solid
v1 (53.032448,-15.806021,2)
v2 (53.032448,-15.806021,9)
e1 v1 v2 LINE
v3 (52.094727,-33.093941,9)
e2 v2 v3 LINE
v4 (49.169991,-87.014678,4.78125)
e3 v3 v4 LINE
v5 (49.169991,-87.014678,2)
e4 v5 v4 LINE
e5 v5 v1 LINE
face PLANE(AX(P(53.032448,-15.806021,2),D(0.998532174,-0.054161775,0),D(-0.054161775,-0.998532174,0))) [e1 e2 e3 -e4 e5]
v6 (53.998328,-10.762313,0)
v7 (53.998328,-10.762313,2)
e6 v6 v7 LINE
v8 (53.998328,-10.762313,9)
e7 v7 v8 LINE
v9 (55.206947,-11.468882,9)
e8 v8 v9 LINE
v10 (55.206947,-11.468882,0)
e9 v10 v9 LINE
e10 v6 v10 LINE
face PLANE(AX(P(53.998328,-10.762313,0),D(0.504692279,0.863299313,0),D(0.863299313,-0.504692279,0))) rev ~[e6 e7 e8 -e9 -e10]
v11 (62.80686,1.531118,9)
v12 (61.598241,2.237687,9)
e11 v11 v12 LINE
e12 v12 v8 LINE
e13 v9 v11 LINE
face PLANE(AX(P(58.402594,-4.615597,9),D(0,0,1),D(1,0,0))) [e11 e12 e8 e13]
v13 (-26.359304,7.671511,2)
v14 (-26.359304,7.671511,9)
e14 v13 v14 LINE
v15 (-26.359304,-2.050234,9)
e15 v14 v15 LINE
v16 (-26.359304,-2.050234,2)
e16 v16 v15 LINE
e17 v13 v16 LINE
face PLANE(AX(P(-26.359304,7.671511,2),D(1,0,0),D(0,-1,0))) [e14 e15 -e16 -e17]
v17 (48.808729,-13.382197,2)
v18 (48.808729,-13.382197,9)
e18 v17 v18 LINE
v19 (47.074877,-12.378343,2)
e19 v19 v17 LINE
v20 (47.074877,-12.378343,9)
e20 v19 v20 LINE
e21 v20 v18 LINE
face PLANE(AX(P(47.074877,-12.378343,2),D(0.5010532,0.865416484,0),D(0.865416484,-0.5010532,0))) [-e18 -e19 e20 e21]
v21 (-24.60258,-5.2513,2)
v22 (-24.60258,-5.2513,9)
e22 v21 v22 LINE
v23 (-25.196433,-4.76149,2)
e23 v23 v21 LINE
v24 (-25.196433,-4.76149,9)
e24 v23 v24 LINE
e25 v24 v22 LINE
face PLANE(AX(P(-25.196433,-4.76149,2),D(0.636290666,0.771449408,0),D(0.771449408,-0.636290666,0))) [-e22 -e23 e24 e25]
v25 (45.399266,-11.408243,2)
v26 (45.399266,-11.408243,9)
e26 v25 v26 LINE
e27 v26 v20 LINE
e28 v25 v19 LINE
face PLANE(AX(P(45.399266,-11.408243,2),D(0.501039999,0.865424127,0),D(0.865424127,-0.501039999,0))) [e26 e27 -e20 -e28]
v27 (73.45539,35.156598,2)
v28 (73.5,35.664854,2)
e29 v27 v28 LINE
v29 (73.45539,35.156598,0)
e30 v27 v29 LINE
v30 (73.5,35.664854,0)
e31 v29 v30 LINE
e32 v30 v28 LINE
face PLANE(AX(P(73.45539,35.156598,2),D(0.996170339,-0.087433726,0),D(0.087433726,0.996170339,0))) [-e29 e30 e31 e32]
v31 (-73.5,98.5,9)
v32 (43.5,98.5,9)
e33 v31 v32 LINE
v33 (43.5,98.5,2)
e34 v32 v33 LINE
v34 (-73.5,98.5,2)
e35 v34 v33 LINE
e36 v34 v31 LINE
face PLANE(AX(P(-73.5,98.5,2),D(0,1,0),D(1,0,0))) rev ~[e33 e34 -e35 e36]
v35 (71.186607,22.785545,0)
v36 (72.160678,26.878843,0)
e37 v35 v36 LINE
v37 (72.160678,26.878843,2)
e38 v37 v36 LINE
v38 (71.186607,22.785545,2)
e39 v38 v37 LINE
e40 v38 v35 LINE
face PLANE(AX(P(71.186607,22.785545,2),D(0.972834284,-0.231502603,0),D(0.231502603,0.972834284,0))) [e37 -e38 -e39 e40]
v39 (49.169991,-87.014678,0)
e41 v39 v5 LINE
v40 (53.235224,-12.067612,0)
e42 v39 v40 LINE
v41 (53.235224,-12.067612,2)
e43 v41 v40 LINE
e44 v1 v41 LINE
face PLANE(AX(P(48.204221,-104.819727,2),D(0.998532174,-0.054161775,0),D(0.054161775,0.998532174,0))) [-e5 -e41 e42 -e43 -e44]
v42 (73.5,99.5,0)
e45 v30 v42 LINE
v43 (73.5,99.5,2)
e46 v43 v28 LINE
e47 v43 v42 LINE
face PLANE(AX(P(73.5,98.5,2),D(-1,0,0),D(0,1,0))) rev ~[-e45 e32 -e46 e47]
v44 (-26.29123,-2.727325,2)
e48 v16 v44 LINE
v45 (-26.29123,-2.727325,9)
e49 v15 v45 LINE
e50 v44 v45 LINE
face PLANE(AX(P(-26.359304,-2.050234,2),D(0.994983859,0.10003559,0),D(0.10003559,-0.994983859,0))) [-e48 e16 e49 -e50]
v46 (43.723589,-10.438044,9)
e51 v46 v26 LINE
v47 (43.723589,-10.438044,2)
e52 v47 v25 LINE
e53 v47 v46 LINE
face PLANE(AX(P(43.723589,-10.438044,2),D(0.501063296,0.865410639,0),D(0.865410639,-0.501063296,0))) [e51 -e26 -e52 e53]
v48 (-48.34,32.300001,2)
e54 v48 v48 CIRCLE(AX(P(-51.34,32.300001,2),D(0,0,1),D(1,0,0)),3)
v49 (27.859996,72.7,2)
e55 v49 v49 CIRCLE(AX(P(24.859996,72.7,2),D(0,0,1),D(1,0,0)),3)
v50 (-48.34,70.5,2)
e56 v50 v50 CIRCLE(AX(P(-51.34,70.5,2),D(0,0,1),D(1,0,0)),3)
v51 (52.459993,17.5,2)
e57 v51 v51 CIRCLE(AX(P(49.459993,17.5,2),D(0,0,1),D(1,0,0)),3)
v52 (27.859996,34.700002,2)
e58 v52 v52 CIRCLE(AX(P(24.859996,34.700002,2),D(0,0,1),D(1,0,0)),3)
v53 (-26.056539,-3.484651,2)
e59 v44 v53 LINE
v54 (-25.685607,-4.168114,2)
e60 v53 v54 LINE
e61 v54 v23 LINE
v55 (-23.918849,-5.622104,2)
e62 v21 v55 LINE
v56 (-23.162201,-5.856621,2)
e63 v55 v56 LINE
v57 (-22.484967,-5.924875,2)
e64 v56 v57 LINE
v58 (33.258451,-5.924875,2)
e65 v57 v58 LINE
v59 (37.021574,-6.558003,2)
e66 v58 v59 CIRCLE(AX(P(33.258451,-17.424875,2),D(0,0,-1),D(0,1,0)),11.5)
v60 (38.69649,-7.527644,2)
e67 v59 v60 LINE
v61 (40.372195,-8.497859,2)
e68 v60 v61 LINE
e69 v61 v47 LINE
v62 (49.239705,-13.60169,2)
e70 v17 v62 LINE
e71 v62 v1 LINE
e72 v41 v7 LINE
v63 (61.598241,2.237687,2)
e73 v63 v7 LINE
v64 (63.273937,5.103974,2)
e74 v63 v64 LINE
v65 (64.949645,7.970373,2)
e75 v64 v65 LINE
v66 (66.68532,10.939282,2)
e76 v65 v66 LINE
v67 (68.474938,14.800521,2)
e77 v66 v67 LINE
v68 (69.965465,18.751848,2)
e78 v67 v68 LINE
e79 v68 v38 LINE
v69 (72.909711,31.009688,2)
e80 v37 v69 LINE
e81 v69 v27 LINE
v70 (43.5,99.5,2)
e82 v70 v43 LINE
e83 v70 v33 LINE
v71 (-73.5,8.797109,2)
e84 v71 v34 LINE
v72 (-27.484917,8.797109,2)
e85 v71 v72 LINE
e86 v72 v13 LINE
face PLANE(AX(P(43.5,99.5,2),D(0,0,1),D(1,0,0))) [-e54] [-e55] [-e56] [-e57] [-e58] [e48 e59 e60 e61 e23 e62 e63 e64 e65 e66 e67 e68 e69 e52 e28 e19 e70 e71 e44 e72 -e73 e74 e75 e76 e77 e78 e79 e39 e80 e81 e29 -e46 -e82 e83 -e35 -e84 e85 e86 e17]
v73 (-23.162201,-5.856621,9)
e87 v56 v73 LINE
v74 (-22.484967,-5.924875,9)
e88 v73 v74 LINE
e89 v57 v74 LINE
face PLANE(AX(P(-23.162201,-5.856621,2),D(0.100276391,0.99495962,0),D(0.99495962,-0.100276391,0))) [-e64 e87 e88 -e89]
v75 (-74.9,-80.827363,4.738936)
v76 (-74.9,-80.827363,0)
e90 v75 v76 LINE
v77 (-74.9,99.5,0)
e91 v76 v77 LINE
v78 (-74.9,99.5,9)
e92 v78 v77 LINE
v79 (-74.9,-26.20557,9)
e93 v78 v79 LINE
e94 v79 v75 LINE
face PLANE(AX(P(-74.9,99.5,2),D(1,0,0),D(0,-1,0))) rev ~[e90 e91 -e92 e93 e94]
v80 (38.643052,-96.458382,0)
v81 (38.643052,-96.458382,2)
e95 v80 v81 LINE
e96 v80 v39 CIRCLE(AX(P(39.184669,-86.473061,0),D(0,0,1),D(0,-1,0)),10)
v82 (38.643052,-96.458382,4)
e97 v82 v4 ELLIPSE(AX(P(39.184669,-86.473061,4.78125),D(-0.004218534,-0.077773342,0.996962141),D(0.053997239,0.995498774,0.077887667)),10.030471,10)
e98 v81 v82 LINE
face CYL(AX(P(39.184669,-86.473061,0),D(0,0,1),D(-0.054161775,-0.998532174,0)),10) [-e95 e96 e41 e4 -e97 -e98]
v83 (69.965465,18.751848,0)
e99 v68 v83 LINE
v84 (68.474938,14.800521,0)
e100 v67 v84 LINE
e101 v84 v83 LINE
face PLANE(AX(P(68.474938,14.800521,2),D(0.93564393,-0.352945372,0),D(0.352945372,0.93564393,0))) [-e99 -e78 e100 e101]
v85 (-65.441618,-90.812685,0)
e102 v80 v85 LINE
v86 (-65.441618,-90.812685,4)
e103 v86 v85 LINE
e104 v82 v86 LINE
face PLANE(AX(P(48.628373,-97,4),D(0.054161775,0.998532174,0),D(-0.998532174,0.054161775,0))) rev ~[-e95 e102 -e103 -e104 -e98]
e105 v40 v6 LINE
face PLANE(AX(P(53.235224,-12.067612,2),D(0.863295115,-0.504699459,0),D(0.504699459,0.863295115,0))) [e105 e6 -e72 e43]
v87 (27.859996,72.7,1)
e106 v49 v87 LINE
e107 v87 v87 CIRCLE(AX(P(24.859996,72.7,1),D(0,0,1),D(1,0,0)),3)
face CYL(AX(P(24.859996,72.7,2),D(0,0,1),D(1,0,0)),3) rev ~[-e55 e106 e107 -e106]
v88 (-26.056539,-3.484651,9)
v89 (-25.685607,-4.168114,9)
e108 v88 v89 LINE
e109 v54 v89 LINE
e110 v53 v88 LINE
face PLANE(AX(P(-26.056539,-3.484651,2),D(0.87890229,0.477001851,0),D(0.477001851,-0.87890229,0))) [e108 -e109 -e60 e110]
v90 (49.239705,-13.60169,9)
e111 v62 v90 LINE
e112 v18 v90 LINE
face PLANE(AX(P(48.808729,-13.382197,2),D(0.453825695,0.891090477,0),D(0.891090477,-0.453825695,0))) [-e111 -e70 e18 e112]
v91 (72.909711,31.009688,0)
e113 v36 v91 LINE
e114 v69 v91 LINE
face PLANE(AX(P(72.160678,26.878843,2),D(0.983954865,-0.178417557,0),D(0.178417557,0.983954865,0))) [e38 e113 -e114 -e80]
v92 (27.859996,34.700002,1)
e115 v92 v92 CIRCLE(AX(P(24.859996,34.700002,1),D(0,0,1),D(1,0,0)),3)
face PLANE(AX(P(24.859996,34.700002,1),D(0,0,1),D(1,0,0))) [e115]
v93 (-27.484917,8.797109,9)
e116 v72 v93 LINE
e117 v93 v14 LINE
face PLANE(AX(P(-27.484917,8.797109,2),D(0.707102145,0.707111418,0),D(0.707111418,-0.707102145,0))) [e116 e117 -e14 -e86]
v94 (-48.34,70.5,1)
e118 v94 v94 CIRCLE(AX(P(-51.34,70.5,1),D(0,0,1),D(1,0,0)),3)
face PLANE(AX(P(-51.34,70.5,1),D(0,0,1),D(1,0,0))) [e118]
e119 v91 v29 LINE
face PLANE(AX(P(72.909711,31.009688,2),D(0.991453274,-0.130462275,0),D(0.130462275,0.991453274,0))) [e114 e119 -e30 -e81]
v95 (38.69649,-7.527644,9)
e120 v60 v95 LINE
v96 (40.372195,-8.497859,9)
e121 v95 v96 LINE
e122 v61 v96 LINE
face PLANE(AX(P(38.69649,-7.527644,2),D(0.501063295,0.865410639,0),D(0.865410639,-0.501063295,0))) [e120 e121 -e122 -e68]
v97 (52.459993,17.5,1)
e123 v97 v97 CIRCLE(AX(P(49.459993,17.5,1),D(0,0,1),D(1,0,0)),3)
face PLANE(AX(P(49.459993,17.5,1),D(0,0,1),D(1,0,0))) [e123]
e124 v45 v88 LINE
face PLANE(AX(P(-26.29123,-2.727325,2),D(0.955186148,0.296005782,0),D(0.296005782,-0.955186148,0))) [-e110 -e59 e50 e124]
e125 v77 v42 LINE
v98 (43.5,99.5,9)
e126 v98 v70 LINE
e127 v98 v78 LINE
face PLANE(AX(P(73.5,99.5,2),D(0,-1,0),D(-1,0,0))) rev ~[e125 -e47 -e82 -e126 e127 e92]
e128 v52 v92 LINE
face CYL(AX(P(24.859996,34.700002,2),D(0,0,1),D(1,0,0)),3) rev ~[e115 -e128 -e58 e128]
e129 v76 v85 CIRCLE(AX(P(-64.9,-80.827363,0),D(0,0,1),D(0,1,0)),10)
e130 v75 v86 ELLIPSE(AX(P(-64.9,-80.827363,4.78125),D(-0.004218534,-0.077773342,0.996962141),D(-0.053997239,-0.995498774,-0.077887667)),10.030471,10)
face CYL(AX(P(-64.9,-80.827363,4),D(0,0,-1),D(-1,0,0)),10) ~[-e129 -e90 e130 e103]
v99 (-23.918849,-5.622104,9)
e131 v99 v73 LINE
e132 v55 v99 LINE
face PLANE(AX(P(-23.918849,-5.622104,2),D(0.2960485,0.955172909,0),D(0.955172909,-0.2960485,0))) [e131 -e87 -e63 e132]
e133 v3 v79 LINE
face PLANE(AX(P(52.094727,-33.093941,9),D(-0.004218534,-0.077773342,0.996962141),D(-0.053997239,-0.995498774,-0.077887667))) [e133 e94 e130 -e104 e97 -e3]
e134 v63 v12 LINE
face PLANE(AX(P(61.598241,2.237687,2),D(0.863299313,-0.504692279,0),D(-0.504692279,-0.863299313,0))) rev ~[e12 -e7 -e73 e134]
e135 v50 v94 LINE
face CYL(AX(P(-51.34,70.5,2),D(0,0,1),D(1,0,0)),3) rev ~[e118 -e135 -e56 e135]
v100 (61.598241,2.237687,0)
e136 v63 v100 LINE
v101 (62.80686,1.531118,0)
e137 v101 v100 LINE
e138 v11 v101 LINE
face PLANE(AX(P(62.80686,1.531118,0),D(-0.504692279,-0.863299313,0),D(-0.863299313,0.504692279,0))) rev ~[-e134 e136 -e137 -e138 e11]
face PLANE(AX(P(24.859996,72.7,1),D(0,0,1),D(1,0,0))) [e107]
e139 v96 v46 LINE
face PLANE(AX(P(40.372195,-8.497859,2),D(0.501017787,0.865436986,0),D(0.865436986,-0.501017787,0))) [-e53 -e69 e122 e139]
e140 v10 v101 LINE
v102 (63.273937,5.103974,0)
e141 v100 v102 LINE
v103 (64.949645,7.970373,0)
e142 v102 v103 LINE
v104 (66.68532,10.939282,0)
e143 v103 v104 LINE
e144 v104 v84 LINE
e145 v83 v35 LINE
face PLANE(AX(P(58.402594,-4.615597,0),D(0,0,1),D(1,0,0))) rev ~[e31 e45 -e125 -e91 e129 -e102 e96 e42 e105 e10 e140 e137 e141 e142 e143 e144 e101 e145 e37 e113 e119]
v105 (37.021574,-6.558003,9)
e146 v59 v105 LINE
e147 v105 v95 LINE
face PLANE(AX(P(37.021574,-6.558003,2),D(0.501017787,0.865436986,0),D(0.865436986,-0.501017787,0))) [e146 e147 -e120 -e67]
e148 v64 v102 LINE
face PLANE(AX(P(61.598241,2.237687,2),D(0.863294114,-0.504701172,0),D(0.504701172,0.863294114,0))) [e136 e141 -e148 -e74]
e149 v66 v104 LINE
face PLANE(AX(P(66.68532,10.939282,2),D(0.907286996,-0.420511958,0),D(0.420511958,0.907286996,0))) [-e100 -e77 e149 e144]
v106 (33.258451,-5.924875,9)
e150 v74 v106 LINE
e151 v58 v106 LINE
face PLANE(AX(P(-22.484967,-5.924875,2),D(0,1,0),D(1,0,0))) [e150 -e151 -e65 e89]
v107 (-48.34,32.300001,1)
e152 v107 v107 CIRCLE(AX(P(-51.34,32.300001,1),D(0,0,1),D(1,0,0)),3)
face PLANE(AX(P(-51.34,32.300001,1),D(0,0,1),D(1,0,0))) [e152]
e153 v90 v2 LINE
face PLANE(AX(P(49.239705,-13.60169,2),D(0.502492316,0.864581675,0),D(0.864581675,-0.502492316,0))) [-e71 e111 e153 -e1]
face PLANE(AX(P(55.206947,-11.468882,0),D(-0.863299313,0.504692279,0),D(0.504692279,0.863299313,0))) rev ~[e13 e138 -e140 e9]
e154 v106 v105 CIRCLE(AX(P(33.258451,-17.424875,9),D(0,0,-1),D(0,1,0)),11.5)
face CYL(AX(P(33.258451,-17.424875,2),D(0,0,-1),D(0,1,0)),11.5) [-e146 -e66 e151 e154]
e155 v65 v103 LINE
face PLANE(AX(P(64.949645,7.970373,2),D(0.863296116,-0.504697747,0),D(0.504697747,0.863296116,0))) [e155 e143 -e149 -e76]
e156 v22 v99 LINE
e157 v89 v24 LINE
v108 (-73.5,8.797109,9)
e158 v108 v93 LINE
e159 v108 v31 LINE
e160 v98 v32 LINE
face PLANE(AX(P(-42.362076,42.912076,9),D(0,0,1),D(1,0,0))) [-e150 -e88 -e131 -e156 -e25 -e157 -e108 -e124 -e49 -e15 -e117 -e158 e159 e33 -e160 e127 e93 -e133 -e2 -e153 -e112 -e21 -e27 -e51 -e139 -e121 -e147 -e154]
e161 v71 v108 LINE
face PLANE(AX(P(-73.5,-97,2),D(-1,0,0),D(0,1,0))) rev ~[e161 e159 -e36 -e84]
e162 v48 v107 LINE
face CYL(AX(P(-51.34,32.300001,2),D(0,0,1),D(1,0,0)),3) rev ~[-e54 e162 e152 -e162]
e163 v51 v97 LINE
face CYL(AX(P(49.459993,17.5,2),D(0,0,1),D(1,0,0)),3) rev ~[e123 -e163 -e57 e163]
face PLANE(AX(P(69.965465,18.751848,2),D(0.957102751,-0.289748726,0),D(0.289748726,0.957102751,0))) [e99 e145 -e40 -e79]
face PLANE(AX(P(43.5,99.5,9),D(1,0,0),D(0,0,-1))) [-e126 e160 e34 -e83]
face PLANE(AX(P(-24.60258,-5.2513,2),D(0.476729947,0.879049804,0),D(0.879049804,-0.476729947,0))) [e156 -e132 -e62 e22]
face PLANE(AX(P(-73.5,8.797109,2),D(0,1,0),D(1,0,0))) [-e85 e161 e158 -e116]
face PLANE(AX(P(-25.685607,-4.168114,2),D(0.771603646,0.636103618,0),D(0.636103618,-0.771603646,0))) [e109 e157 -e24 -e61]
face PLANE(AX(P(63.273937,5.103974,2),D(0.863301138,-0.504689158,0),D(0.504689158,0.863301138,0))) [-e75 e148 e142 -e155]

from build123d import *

# Parameters (mm, degrees)
SKETCH_1_W          = 147
SKETCH_1_H          = 194
EXTRUDE_1_DEPTH     = 2
CUT_EXTRUDE_1_DEPTH = 122.717911582
EXTRUDE_2_DEPTH     = 7
EXTRUDE_12_DEPTH    = 2
EXTRUDE_13_DEPTH    = 7
SKETCH_9_W          = 30
SKETCH_9_H          = 7
CUT_EXTRUDE_2_DEPTH = 8
CUT_EXTRUDE_3_DEPTH = 165.668883446
CUT_EXTRUDE_4_DEPTH = 125.640523105
FILLET_1_R          = 10
SKETCH_15_R         = 3
CUT_EXTRUDE_5_DEPTH = 1


with BuildPart() as part:
    # 草图1 → 凸台-拉伸1 (new body)
    with BuildSketch(Plane.XY):
        Rectangle(SKETCH_1_W, SKETCH_1_H)
    extrude(amount=EXTRUDE_1_DEPTH)

    # 草图3 → 切除-拉伸1 (cut, through all)
    with BuildSketch(Plane.XY.offset(2)):
        Polygon((53.23522436, -12.067612089), (54.895536272, -9.227626556), (56.571241133, -6.361232674), (59.922644339, -0.628613065), (61.598241137, 2.237687122), (63.273937257, 5.103974498), (64.949644621, 7.97037266), (66.685320016, 10.939281948), (68.474937854, 14.800520519), (69.965464928, 18.751847603), (71.186607188, 22.785544771), (72.160677785, 26.878843337), (72.909711272, 31.009687619), (73.455390422, 35.156598129), (73.81891313, 39.298369912), (74.02249192, 43.433108573), (74.02249192, 45), (75.723074591, 45), (75.723074591, -104.819726649), (48.204220565, -104.819726649), align=None)
    extrude(amount=-CUT_EXTRUDE_1_DEPTH, mode=Mode.SUBTRACT)

    # 草图4 → 凸台-拉伸2 (add)
    with BuildSketch(Plane.XY.offset(2)):
        with BuildLine():
            Line((-26.359304292, 7.671510526), (-26.359304292, -2.050234399))
            Line((-26.359304292, -2.050234399), (-26.291229671, -2.727324911))
            Line((-26.291229671, -2.727324911), (-26.056539241, -3.484651495))
            Line((-26.056539241, -3.484651495), (-25.685607127, -4.168114429))
            Line((-25.685607127, -4.168114429), (-25.196433295, -4.761489945))
            Line((-25.196433295, -4.761489945), (-24.602579713, -5.251299759))
            Line((-24.602579713, -5.251299759), (-23.918848604, -5.622103659))
            Line((-23.918848604, -5.622103659), (-23.16220103, -5.856620758))
            Line((-23.16220103, -5.856620758), (-22.484966559, -5.924875416))
            Line((-22.484966559, -5.924875416), (33.258451472, -5.924875416))
            ThreePointArc((33.258451472, -5.924875416), (35.166456954, -6.084261893), (37.021573693, -6.558003228))
            Line((37.021573693, -6.558003228), (38.696489946, -7.527643824))
            Line((38.696489946, -7.527643824), (40.372194808, -8.497858613))
            Line((40.372194808, -8.497858613), (43.723589271, -10.43804405))
            Line((43.723589271, -10.43804405), (45.399266369, -11.408242764))
            Line((45.399266369, -11.408242764), (47.074877038, -12.378342789))
            Line((47.074877038, -12.378342789), (48.808729273, -13.382197265))
            Line((48.808729273, -13.382197265), (49.23970493, -13.601689934))
            Line((49.23970493, -13.601689934), (53.032447862, -15.806020922))
            Line((53.032447862, -15.806020922), (48.628373423, -97))
            Line((48.628373423, -97), (-73.5, -97))
            Line((-73.5, -97), (-73.5, 8.797108615))
            Line((-73.5, 8.797108615), (-69.625285972, 8.797108615))
            Line((-69.625285972, 8.797108615), (-27.484917142, 8.797108615))
            Line((-27.484917142, 8.797108615), (-26.359304292, 7.671510526))
        make_face()
    extrude(amount=EXTRUDE_2_DEPTH)

    # 草图6 → 凸台-拉伸12 (add)
    with BuildSketch(Plane(origin=(0, 0, 0), x_dir=(-1, 0, 0), z_dir=(0, 0, -1))):
        Polygon((-61.598241137, 2.237687122), (-53.998328187, -10.762312878), (-55.206947225, -11.468882068), (-62.806860175, 1.531117932), align=None)
        Polygon((-73.5, 97), (73.5, 97), (73.5, -97), (74.9, -97), (74.9, 87), (74.9, 99.5), (-73.5, 99.5), align=None)
    extrude(amount=-EXTRUDE_12_DEPTH)

    # 草图7 → 凸台-拉伸13 (add)
    with BuildSketch(Plane.XY.offset(2)):
        Polygon((-74.9, 99.5), (-74.9, -97), (-73.5, -97), (-73.5, 98.5), (73.5, 98.5), (73.5, 99.5), align=None)
        Polygon((61.598241137, 2.237687122), (53.998328187, -10.762312878), (55.206947225, -11.468882068), (62.806860175, 1.531117932), align=None)
    extrude(amount=EXTRUDE_13_DEPTH)

    # 草图9 → 切除-拉伸2 (cut)
    with BuildSketch(Plane(origin=(0, 99.5, 0), x_dir=(1, 0, 0), z_dir=(0, 1, 0))):
        with Locations((58.5, -5.5)):
            Rectangle(SKETCH_9_W, SKETCH_9_H)
    extrude(amount=-CUT_EXTRUDE_2_DEPTH, mode=Mode.SUBTRACT)

    # 草图10 → 切除-拉伸3 (cut, through all)
    with BuildSketch(Plane(origin=(53.731702858, -2.914482352, 0), x_dir=(0, 0, -1), z_dir=(0.9985321738095838, -0.054161774962672445, 0))):
        Polygon((-9, -30.223821841), (-4, -94.223821841), (-4, -111.514790755), (-9, -111.514790755), (-9, -94.223821841), align=None)
    extrude(amount=-CUT_EXTRUDE_3_DEPTH, mode=Mode.SUBTRACT)

    # 草图11 → 切除-拉伸4 (cut, through all)
    with BuildSketch(Plane.XY.offset(4)):
        Polygon((-74.9, -90.299649087), (-74.9, -97), (48.628373423, -97), align=None)
    extrude(amount=-CUT_EXTRUDE_4_DEPTH, mode=Mode.SUBTRACT)

    # 圆角1
    fillet_1_edges = [part.edges().sort_by_distance(p)[0] for p in [
        (-74.9, -90.299649087, 2),
        (48.628373423, -97, 2),
    ]]
    fillet(fillet_1_edges, radius=FILLET_1_R)

    # 草图15 → 切除-拉伸5 (cut)
    with BuildSketch(Plane.XY.offset(2)):
        with Locations((-51.34000037, 70.5)):
            Circle(SKETCH_15_R)
        with Locations((-51.34000037, 32.300001397)):
            Circle(SKETCH_15_R)
        with Locations((24.859996084, 72.7)):
            Circle(SKETCH_15_R)
        with Locations((24.859996084, 34.700002149)):
            Circle(SKETCH_15_R)
        with Locations((49.459993167, 17.5)):
            Circle(SKETCH_15_R)
    extrude(amount=-CUT_EXTRUDE_5_DEPTH, mode=Mode.SUBTRACT)


solid = part.part
